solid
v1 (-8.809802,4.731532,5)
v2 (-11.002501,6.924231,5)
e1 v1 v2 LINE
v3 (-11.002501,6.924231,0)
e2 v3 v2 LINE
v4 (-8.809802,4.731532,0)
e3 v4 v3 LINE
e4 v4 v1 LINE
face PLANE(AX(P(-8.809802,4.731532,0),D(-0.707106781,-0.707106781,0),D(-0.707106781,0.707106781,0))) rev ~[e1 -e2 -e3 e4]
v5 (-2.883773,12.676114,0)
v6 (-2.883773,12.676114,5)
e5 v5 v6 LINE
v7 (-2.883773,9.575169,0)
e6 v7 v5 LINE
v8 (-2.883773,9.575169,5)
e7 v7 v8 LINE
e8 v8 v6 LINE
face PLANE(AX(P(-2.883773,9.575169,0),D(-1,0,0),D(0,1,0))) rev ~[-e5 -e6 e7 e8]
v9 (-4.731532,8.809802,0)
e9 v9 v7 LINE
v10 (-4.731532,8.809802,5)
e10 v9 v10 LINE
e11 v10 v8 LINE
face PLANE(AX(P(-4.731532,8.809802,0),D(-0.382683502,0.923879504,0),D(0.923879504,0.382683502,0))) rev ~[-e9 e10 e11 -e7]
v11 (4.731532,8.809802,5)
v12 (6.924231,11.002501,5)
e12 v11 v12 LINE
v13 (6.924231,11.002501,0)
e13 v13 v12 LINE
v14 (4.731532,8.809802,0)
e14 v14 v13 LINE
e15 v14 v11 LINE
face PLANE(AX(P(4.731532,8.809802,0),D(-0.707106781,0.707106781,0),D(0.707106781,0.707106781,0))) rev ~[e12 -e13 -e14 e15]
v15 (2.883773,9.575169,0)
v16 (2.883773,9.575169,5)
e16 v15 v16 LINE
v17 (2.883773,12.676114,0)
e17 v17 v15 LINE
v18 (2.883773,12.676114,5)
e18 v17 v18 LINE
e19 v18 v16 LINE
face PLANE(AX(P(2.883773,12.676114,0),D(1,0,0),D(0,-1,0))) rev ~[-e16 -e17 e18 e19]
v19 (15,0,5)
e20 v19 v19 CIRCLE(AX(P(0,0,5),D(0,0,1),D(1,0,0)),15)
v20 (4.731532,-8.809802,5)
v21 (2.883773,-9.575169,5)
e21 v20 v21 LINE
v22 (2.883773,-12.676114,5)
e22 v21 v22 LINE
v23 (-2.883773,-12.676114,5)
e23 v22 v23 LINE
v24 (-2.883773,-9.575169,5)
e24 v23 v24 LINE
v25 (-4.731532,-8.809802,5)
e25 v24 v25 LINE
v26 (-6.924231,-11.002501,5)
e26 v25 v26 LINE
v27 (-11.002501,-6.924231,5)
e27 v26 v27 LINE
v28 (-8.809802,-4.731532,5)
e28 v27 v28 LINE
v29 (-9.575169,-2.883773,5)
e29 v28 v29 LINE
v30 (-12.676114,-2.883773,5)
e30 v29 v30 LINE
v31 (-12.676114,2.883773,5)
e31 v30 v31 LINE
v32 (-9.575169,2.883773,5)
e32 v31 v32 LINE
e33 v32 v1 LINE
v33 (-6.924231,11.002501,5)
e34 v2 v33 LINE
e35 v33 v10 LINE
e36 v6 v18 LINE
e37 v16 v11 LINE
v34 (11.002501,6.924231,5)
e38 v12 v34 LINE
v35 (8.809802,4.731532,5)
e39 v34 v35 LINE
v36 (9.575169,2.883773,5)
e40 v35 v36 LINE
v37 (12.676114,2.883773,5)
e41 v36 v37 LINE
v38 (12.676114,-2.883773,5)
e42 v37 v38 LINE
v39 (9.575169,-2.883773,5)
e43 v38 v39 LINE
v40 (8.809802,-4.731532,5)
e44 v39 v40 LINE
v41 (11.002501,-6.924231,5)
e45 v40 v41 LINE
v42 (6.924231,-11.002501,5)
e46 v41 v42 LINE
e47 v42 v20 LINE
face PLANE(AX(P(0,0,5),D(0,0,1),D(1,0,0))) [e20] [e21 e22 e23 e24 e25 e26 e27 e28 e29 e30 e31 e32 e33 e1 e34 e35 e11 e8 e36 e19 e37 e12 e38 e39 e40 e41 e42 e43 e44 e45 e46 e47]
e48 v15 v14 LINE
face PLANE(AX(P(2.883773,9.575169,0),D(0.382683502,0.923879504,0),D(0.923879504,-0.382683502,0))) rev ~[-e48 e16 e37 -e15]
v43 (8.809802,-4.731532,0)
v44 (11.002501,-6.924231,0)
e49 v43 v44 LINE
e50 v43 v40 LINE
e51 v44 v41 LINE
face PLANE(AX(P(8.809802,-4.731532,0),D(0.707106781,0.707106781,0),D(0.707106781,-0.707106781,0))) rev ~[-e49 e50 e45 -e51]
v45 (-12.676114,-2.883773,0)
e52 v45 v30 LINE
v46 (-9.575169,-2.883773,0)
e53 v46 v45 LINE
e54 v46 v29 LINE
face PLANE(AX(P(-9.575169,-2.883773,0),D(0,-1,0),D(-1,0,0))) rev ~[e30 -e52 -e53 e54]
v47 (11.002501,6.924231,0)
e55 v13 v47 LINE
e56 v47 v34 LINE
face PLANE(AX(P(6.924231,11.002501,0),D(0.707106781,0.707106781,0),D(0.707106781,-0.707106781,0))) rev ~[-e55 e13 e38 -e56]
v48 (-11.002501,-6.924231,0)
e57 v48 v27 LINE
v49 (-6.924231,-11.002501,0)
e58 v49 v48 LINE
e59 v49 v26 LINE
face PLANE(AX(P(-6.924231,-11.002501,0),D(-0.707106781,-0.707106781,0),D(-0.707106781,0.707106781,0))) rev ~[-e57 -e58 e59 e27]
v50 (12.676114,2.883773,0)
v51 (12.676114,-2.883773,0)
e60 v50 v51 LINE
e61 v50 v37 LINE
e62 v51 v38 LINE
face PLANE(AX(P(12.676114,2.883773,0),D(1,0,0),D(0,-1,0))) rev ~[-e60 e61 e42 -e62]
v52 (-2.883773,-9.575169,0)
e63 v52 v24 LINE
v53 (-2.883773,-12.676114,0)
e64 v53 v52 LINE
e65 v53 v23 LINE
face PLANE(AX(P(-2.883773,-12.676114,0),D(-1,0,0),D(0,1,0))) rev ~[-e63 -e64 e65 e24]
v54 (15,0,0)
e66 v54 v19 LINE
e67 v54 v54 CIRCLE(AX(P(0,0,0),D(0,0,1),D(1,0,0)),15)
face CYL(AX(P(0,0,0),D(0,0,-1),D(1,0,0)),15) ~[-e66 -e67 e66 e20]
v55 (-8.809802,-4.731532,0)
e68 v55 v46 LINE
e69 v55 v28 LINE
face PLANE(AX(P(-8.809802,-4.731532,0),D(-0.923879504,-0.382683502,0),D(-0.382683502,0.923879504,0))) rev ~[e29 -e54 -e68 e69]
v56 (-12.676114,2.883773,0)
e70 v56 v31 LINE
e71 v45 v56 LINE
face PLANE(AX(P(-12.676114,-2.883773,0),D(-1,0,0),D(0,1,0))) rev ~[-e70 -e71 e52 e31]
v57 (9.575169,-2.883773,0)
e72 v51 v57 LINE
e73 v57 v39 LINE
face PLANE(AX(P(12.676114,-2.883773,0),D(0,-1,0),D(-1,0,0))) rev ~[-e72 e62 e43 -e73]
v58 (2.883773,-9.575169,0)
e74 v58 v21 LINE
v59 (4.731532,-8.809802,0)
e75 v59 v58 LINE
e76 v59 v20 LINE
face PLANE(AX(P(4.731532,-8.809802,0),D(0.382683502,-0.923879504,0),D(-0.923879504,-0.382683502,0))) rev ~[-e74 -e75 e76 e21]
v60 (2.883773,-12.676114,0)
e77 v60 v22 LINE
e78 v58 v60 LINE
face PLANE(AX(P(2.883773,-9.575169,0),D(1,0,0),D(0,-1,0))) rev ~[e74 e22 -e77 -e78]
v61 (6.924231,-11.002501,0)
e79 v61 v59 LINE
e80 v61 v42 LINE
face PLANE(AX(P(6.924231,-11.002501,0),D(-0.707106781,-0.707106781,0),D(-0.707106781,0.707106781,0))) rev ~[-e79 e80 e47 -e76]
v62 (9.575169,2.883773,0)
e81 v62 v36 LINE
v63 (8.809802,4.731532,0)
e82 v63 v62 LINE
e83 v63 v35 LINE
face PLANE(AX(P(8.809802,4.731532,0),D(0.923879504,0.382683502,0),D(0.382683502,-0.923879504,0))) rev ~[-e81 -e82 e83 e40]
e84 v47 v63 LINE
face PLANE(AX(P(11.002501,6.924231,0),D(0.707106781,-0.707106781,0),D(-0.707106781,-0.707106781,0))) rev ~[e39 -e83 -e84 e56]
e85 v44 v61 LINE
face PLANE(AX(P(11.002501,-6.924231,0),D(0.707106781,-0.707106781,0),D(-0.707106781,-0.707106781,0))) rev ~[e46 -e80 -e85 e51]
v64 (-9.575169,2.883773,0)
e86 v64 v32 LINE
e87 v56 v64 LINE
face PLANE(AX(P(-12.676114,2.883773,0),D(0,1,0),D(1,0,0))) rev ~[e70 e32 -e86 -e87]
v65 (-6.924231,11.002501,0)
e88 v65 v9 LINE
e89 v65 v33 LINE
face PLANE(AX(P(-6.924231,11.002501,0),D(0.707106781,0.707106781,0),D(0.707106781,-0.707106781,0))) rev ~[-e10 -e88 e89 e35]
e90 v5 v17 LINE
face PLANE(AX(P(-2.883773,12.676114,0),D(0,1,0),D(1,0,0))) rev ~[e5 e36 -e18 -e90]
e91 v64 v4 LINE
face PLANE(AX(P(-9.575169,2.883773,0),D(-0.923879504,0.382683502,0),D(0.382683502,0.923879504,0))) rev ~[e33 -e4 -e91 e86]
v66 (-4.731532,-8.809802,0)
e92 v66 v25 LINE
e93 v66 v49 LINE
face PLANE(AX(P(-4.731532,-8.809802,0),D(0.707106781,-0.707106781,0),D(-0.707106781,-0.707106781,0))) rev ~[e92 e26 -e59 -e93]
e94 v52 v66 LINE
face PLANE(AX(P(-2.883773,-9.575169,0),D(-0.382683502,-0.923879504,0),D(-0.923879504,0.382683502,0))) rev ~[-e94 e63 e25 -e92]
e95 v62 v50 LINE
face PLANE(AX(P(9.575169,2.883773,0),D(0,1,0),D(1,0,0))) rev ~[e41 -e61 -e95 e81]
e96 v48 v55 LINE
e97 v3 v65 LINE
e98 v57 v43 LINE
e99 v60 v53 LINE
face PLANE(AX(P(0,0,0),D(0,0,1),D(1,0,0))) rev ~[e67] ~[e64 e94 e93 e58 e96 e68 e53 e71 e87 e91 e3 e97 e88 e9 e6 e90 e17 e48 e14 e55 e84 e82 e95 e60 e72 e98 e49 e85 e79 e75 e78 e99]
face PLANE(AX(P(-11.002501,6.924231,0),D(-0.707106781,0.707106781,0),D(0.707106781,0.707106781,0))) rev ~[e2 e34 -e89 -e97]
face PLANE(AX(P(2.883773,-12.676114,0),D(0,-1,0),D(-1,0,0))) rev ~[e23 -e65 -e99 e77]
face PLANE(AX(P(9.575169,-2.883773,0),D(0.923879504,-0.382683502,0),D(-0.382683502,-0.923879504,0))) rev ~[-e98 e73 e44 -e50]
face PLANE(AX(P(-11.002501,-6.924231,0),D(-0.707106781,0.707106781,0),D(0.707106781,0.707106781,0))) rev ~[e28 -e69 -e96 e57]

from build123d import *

# Parameters (mm, degrees)
SKETCH_R  = 15
PAD_DEPTH = 5


with BuildPart() as part:
    # Sketch → Pad (new body)
    with BuildSketch(Plane.XY):
        Circle(SKETCH_R)
        Polygon((0, 12.676114), (2.883773, 12.676114), (2.883773, 9.575169), (4.731532, 8.809802), (6.924231, 11.002501), (11.002501, 6.924231), (8.809802, 4.731532), (9.575169, 2.883773), (12.676114, 2.883773), (12.676114, 0), (12.676114, -2.883773), (9.575169, -2.883773), (8.809802, -4.731532), (11.002501, -6.924231), (6.924231, -11.002501), (4.731532, -8.809802), (2.883773, -9.575169), (2.883773, -12.676114), (0, -12.676114), (-2.883773, -12.676114), (-2.883773, -9.575169), (-4.731532, -8.809802), (-6.924231, -11.002501), (-11.002501, -6.924231), (-8.809802, -4.731532), (-9.575169, -2.883773), (-12.676114, -2.883773), (-12.676114, 0), (-12.676114, 2.883773), (-9.575169, 2.883773), (-8.809802, 4.731532), (-11.002501, 6.924231), (-6.924231, 11.002501), (-4.731532, 8.809802), (-2.883773, 9.575169), (-2.883773, 12.676114), align=None, mode=Mode.SUBTRACT)
    extrude(amount=PAD_DEPTH)


solid = part.part
